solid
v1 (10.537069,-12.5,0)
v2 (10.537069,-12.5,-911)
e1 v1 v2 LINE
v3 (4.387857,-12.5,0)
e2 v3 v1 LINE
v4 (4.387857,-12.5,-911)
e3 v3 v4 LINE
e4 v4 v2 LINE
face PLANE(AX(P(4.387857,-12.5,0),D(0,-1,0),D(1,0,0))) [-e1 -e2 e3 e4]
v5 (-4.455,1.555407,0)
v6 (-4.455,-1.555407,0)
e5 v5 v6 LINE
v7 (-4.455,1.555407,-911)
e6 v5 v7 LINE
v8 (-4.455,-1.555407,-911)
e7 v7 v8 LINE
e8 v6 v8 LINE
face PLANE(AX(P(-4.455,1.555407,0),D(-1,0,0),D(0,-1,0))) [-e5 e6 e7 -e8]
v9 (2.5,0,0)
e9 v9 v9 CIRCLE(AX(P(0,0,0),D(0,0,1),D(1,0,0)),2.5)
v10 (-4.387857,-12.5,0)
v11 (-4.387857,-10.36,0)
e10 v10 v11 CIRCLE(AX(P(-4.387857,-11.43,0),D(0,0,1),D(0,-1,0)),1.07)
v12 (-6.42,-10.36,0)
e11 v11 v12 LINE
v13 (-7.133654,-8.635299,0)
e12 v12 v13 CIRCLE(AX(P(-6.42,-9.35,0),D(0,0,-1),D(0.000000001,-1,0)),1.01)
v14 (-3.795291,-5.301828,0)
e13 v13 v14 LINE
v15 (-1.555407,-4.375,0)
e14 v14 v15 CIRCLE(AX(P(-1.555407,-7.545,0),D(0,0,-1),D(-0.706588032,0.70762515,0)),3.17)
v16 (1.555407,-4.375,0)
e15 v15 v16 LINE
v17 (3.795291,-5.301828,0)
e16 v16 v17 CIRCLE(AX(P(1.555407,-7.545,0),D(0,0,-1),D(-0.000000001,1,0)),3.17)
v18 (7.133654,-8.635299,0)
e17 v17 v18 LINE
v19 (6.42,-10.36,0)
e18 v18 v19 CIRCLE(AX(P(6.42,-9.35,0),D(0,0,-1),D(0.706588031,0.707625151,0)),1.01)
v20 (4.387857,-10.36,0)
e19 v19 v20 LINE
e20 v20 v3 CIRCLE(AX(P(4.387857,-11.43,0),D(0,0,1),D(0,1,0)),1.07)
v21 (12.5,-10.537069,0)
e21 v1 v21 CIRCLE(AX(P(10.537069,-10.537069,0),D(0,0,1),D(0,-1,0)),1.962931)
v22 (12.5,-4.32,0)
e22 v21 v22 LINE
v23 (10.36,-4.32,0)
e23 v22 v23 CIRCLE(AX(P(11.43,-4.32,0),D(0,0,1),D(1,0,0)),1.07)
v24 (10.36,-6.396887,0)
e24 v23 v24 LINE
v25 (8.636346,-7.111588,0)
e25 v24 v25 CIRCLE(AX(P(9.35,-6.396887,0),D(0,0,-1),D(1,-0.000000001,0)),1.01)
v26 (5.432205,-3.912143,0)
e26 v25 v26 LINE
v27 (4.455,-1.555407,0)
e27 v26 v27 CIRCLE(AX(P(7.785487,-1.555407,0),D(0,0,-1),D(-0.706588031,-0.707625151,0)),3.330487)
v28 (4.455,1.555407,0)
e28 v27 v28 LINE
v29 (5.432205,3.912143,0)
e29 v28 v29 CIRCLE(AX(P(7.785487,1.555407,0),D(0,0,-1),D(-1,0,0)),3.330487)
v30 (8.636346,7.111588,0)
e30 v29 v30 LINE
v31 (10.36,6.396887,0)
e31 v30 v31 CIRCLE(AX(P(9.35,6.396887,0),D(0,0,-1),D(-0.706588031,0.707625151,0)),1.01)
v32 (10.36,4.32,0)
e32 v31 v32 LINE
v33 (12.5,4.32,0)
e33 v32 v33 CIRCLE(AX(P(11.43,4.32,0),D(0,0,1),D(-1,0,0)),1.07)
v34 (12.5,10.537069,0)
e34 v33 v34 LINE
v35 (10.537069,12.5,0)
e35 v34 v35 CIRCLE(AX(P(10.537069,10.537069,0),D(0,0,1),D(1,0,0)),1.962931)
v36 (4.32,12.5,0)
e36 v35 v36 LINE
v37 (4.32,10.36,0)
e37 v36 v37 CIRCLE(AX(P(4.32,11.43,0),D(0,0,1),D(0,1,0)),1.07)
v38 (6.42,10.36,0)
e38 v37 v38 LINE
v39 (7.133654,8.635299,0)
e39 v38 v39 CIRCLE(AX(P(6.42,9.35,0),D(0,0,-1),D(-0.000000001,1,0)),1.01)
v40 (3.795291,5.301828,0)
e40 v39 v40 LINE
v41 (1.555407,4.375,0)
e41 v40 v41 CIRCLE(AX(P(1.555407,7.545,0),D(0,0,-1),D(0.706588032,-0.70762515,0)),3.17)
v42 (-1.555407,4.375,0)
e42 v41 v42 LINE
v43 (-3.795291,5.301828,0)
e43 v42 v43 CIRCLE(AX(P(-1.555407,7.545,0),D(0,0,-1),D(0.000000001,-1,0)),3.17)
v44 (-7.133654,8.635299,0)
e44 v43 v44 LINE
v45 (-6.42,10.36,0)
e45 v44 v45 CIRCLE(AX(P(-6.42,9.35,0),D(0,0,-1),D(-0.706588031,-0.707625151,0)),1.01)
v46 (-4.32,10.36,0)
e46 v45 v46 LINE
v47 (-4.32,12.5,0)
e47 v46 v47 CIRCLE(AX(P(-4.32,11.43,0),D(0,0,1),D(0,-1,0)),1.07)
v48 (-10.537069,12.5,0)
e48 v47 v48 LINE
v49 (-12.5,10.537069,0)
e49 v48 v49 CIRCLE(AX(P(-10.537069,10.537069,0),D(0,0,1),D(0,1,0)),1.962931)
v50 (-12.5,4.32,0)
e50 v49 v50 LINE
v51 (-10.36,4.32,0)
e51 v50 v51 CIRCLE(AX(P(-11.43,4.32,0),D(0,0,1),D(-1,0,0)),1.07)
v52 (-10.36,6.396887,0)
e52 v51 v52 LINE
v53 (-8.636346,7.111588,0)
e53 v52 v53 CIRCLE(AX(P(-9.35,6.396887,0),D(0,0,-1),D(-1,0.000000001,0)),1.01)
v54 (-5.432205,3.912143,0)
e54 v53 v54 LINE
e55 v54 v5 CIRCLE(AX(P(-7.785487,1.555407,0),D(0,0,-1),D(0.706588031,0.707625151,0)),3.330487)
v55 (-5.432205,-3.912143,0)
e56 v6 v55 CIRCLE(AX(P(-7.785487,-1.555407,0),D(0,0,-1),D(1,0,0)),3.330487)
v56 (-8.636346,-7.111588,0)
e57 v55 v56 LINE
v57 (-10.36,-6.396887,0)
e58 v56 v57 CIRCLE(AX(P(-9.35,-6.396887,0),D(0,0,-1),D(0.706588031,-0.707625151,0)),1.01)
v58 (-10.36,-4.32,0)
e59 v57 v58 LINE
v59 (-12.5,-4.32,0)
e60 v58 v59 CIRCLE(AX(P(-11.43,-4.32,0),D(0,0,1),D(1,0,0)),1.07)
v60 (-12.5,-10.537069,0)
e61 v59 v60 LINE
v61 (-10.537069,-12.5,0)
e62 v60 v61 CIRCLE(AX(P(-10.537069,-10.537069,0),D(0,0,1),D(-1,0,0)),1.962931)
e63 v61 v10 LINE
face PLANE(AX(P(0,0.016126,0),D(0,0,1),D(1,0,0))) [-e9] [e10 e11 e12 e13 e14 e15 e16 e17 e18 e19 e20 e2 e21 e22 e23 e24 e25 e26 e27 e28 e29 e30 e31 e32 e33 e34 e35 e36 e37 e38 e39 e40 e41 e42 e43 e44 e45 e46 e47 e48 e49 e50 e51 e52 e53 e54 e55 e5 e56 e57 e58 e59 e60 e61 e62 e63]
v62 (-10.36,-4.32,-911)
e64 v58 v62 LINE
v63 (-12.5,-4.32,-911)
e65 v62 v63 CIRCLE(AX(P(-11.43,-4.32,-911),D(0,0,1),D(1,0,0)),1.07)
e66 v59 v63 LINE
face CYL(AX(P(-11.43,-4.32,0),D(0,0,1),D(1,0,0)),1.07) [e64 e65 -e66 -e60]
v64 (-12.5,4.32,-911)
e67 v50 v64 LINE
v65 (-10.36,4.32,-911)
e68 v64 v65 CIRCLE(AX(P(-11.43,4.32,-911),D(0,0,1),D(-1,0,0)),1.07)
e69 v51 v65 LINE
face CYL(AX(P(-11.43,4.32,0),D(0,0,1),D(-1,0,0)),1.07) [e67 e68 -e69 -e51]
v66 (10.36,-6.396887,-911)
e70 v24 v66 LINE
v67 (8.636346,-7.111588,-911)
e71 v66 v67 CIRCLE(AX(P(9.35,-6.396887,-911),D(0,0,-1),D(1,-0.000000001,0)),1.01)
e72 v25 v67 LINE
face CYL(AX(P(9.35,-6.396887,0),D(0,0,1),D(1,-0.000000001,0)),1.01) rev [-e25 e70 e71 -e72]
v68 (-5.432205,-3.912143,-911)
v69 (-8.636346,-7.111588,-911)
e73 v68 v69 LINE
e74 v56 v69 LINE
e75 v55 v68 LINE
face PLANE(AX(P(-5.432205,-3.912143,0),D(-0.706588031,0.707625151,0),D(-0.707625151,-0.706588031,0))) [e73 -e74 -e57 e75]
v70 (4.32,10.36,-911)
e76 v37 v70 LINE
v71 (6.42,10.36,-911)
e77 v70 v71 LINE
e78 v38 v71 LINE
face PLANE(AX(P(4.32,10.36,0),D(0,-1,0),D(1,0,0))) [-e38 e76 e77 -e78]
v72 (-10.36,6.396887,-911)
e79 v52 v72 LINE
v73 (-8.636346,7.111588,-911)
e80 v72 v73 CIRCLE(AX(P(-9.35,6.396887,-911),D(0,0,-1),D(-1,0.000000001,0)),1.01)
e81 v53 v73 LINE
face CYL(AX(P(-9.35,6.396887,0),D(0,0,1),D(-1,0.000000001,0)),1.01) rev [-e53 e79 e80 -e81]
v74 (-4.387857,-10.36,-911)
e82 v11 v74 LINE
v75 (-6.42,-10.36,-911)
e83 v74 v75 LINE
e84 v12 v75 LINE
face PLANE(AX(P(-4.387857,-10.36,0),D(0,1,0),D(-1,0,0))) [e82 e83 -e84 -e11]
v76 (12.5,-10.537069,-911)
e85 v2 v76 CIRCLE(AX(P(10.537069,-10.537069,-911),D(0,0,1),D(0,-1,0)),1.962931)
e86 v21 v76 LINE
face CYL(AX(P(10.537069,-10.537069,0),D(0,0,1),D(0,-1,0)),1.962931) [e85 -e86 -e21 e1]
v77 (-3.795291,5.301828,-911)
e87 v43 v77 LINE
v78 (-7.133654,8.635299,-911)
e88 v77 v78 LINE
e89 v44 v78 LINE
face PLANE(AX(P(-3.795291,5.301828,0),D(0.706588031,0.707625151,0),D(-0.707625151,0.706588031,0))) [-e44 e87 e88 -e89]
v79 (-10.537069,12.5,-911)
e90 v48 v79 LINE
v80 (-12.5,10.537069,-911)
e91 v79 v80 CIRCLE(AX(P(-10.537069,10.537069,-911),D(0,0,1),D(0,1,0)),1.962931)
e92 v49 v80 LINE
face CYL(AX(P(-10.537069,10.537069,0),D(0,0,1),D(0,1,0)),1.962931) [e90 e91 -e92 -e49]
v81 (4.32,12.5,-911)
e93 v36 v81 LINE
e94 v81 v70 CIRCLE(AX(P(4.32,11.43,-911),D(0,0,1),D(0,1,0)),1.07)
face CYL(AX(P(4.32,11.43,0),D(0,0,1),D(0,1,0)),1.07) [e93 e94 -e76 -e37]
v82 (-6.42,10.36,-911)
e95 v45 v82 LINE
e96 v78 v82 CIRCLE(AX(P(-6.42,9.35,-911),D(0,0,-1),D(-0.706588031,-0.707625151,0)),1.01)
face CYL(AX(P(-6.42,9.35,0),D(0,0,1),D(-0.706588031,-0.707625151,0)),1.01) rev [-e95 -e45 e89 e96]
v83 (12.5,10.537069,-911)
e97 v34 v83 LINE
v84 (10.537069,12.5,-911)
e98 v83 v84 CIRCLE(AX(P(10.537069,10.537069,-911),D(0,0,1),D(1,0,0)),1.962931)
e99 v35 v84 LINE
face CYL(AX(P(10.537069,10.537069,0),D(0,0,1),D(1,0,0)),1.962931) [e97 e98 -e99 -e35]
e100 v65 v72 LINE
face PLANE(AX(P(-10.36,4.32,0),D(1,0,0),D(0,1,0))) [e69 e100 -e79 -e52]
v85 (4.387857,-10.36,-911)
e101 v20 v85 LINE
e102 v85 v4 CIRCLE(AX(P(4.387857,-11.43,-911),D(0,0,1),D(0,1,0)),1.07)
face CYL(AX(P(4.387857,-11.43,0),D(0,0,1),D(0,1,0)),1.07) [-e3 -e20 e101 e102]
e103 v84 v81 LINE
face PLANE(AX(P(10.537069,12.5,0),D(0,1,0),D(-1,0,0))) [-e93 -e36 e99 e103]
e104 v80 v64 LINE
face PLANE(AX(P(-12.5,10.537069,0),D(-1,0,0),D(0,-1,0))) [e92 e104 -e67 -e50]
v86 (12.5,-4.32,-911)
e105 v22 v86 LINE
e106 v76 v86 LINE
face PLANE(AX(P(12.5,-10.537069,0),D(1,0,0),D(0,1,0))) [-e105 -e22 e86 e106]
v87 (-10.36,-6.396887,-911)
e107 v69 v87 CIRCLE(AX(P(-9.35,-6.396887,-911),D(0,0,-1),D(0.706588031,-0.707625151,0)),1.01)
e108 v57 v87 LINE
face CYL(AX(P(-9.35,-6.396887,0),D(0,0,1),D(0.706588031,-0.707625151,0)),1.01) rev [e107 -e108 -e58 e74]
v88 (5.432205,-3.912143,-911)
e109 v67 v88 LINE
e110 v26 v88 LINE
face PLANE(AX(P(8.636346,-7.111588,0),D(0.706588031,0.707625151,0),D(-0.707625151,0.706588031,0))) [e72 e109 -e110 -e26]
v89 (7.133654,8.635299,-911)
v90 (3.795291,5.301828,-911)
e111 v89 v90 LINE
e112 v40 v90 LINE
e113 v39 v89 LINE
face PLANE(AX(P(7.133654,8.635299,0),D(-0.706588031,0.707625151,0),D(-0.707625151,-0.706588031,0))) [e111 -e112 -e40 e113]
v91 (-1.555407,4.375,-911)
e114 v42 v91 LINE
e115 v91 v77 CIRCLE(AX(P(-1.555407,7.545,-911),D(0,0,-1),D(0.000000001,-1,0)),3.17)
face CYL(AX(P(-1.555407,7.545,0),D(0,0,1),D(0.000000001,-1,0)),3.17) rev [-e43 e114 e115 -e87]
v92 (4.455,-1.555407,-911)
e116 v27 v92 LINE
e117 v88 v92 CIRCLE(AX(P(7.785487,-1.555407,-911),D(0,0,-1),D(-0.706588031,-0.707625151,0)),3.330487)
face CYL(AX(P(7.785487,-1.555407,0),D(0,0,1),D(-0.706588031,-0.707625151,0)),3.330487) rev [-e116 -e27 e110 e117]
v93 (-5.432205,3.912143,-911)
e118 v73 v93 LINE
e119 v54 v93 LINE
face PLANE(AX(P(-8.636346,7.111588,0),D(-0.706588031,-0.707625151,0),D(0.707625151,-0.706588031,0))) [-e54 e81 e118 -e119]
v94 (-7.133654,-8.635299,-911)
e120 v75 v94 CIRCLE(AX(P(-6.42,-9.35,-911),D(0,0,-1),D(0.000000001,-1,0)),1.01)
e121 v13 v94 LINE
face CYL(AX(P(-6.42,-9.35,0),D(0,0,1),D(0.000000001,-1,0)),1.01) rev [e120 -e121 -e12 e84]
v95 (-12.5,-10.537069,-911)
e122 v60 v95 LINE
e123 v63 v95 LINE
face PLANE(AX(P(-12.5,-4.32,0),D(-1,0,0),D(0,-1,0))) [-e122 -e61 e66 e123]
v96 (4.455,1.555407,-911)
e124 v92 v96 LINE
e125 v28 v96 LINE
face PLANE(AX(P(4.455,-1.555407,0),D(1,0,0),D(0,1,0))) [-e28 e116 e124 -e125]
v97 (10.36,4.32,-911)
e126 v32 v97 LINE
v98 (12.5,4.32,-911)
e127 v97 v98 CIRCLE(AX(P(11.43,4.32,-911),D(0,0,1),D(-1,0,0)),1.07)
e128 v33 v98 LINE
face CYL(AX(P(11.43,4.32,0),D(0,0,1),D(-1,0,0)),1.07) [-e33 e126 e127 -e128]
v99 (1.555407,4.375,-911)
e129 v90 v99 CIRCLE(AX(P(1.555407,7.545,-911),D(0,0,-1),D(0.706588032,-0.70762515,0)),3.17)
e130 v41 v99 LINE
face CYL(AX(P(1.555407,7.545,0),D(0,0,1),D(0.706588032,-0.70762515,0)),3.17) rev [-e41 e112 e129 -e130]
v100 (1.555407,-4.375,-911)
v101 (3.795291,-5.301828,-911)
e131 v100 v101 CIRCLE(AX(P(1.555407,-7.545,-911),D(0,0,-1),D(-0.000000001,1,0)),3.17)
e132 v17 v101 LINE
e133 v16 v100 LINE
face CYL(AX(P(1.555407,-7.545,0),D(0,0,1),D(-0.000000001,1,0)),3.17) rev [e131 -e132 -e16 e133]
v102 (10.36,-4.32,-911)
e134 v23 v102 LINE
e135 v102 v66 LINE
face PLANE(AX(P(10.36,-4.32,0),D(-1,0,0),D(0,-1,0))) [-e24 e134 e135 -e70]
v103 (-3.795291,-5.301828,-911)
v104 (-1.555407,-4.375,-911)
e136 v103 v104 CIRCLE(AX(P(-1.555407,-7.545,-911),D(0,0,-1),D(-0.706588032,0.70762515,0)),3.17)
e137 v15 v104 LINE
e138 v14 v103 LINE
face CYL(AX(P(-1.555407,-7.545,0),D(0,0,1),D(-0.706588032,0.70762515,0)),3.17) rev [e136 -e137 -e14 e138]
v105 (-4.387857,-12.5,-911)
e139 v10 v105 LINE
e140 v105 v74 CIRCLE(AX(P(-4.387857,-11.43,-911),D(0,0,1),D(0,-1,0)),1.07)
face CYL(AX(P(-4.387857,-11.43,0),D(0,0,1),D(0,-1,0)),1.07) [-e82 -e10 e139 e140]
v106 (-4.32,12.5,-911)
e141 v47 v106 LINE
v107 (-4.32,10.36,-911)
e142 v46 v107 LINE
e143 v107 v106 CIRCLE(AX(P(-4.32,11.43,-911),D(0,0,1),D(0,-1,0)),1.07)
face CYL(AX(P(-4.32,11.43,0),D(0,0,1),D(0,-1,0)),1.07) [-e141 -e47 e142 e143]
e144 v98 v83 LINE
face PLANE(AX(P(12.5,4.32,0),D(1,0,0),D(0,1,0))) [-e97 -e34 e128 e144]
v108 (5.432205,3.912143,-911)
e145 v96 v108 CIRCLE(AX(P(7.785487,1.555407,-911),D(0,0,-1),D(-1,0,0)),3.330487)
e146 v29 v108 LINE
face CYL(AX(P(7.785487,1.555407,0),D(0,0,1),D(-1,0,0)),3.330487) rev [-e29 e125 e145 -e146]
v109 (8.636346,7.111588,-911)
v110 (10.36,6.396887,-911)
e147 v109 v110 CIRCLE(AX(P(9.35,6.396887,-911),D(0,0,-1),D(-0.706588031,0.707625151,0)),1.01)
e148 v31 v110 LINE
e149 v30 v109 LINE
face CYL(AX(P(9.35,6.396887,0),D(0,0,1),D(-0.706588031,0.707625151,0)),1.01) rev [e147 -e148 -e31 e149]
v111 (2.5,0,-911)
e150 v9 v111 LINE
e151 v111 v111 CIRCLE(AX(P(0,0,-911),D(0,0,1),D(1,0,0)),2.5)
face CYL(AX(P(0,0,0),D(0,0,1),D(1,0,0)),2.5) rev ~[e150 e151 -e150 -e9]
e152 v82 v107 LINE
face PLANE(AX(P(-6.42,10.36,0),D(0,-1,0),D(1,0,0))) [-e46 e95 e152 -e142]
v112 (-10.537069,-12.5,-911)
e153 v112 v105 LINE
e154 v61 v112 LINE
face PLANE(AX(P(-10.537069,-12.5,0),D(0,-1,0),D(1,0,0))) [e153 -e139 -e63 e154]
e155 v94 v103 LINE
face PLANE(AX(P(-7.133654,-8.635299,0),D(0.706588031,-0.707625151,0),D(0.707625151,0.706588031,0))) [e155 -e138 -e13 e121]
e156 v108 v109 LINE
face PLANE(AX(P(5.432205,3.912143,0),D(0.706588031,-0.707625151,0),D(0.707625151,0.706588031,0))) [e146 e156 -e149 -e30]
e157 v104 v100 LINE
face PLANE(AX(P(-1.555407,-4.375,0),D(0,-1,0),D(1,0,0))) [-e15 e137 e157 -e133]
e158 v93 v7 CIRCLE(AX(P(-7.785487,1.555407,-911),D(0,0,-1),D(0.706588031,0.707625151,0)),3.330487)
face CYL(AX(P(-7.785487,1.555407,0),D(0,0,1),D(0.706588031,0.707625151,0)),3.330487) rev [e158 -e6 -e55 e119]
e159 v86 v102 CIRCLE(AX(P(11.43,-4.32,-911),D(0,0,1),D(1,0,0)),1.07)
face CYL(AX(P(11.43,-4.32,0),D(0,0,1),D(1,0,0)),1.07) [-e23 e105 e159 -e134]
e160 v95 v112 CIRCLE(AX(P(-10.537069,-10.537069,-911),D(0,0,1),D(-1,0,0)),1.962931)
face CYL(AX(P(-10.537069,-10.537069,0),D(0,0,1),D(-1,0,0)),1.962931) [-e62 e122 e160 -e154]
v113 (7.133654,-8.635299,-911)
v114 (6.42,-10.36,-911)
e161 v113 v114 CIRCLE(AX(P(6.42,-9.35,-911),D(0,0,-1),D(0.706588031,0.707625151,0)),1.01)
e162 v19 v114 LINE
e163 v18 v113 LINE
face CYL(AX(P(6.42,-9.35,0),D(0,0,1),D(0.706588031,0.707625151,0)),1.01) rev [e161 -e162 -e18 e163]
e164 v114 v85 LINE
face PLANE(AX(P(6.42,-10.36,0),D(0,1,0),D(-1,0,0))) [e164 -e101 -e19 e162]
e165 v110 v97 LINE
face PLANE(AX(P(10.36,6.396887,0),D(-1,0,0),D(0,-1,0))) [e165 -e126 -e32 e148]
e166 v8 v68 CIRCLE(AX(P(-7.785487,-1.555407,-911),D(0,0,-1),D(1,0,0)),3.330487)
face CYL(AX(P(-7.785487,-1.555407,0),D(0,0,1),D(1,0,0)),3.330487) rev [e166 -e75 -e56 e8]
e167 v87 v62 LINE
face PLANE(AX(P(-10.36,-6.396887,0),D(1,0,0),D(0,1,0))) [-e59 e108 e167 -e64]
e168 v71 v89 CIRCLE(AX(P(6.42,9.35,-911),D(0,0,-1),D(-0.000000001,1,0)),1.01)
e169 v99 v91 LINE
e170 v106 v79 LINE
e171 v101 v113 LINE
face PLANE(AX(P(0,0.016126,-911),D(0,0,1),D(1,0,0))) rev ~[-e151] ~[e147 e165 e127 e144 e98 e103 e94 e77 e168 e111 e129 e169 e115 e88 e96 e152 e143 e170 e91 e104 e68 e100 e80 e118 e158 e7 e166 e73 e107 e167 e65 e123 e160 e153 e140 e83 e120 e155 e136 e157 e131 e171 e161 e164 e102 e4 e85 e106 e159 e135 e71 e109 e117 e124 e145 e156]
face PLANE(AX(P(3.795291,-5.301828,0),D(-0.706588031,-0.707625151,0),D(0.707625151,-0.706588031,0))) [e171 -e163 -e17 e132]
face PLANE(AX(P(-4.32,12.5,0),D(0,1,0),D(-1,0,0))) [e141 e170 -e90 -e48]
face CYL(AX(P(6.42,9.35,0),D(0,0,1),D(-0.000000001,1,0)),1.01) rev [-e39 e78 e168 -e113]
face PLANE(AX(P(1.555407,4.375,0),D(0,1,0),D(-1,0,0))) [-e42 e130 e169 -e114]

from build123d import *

# Parameters (mm, degrees)
SKETCH1_R      = 2.5
EXTRUDE1_DEPTH = 911


with BuildPart() as part:
    # Sketch1 → Extrude1 (new body)
    with BuildSketch(Plane.XY):
        with BuildLine():
            Line((-8.636346088, 7.111588351), (-5.432204773, 3.912143135))
            ThreePointArc((-5.432204773, 3.912143135), (-4.708985779, 2.831057106), (-4.455, 1.555406707))
            Line((-4.455, 1.555406707), (-4.455, -1.555406707))
            ThreePointArc((-4.455, -1.555406707), (-4.708985779, -2.831057106), (-5.432204773, -3.912143135))
            Line((-5.432204773, -3.912143135), (-8.636346088, -7.111588351))
            ThreePointArc((-8.636346088, -7.111588351), (-9.736852394, -7.329863489), (-10.36, -6.396886949))
            Line((-10.36, -6.396886949), (-10.36, -4.32))
            ThreePointArc((-10.36, -4.32), (-11.43, -3.25), (-12.5, -4.32))
            Line((-12.5, -4.32), (-12.5, -8.651801989))
            Line((-12.5, -8.651801989), (-12.5, -10.537068835))
            ThreePointArc((-12.5, -10.537068835), (-11.925070773, -11.925070773), (-10.537068835, -12.5))
            Line((-10.537068835, -12.5), (-8.441567612, -12.5))
            Line((-8.441567612, -12.5), (-4.387856959, -12.5))
            ThreePointArc((-4.387856959, -12.5), (-3.317856959, -11.43), (-4.387856959, -10.36))
            Line((-4.387856959, -10.36), (-6.42, -10.36))
            ThreePointArc((-6.42, -10.36), (-7.35325999, -9.736168088), (-7.133653912, -8.635298598))
            Line((-7.133653912, -8.635298598), (-3.795290766, -5.301828272))
            ThreePointArc((-3.795290766, -5.301828272), (-2.76743922, -4.61585726), (-1.555406707, -4.375))
            Line((-1.555406707, -4.375), (1.555406707, -4.375))
            ThreePointArc((1.555406707, -4.375), (2.76743922, -4.61585726), (3.795290766, -5.301828272))
            Line((3.795290766, -5.301828272), (7.133653912, -8.635298598))
            ThreePointArc((7.133653912, -8.635298598), (7.35325999, -9.736168088), (6.42, -10.36))
            Line((6.42, -10.36), (4.387856959, -10.36))
            ThreePointArc((4.387856959, -10.36), (3.317856959, -11.43), (4.387856959, -12.5))
            Line((4.387856959, -12.5), (8.441567612, -12.5))
            Line((8.441567612, -12.5), (10.537068835, -12.5))
            ThreePointArc((10.537068835, -12.5), (11.925070773, -11.925070773), (12.5, -10.537068835))
            Line((12.5, -10.537068835), (12.5, -8.651801989))
            Line((12.5, -8.651801989), (12.5, -4.32))
            ThreePointArc((12.5, -4.32), (11.43, -3.25), (10.36, -4.32))
            Line((10.36, -4.32), (10.36, -6.396886949))
            ThreePointArc((10.36, -6.396886949), (9.736852394, -7.329863489), (8.636346088, -7.111588351))
            Line((8.636346088, -7.111588351), (5.432204773, -3.912143135))
            ThreePointArc((5.432204773, -3.912143135), (4.708985779, -2.831057106), (4.455, -1.555406707))
            Line((4.455, -1.555406707), (4.455, 1.555406707))
            ThreePointArc((4.455, 1.555406707), (4.708985779, 2.831057106), (5.432204773, 3.912143135))
            Line((5.432204773, 3.912143135), (8.636346088, 7.111588351))
            ThreePointArc((8.636346088, 7.111588351), (9.736852394, 7.329863489), (10.36, 6.396886949))
            Line((10.36, 6.396886949), (10.36, 4.32))
            ThreePointArc((10.36, 4.32), (11.43, 3.25), (12.5, 4.32))
            Line((12.5, 4.32), (12.5, 7.99129648))
            Line((12.5, 7.99129648), (12.5, 10.537068835))
            ThreePointArc((12.5, 10.537068835), (11.925070773, 11.925070773), (10.537068835, 12.5))
            Line((10.537068835, 12.5), (4.32, 12.5))
            ThreePointArc((4.32, 12.5), (3.25, 11.43), (4.32, 10.36))
            Line((4.32, 10.36), (6.42, 10.36))
            ThreePointArc((6.42, 10.36), (7.35325999, 9.736168088), (7.133653912, 8.635298598))
            Line((7.133653912, 8.635298598), (3.795290766, 5.301828272))
            ThreePointArc((3.795290766, 5.301828272), (2.76743922, 4.61585726), (1.555406707, 4.375))
            Line((1.555406707, 4.375), (-1.555406707, 4.375))
            ThreePointArc((-1.555406707, 4.375), (-2.76743922, 4.61585726), (-3.795290766, 5.301828272))
            Line((-3.795290766, 5.301828272), (-7.133653912, 8.635298598))
            ThreePointArc((-7.133653912, 8.635298598), (-7.35325999, 9.736168088), (-6.42, 10.36))
            Line((-6.42, 10.36), (-4.32, 10.36))
            ThreePointArc((-4.32, 10.36), (-3.25, 11.43), (-4.32, 12.5))
            Line((-4.32, 12.5), (-10.537068835, 12.5))
            ThreePointArc((-10.537068835, 12.5), (-11.925070773, 11.925070773), (-12.5, 10.537068835))
            Line((-12.5, 10.537068835), (-12.5, 7.99129648))
            Line((-12.5, 7.99129648), (-12.5, 4.32))
            ThreePointArc((-12.5, 4.32), (-11.43, 3.25), (-10.36, 4.32))
            Line((-10.36, 4.32), (-10.36, 6.396886949))
            ThreePointArc((-10.36, 6.396886949), (-9.736852394, 7.329863489), (-8.636346088, 7.111588351))
        make_face()
        Circle(SKETCH1_R, mode=Mode.SUBTRACT)
    extrude(amount=-EXTRUDE1_DEPTH)


solid = part.part
